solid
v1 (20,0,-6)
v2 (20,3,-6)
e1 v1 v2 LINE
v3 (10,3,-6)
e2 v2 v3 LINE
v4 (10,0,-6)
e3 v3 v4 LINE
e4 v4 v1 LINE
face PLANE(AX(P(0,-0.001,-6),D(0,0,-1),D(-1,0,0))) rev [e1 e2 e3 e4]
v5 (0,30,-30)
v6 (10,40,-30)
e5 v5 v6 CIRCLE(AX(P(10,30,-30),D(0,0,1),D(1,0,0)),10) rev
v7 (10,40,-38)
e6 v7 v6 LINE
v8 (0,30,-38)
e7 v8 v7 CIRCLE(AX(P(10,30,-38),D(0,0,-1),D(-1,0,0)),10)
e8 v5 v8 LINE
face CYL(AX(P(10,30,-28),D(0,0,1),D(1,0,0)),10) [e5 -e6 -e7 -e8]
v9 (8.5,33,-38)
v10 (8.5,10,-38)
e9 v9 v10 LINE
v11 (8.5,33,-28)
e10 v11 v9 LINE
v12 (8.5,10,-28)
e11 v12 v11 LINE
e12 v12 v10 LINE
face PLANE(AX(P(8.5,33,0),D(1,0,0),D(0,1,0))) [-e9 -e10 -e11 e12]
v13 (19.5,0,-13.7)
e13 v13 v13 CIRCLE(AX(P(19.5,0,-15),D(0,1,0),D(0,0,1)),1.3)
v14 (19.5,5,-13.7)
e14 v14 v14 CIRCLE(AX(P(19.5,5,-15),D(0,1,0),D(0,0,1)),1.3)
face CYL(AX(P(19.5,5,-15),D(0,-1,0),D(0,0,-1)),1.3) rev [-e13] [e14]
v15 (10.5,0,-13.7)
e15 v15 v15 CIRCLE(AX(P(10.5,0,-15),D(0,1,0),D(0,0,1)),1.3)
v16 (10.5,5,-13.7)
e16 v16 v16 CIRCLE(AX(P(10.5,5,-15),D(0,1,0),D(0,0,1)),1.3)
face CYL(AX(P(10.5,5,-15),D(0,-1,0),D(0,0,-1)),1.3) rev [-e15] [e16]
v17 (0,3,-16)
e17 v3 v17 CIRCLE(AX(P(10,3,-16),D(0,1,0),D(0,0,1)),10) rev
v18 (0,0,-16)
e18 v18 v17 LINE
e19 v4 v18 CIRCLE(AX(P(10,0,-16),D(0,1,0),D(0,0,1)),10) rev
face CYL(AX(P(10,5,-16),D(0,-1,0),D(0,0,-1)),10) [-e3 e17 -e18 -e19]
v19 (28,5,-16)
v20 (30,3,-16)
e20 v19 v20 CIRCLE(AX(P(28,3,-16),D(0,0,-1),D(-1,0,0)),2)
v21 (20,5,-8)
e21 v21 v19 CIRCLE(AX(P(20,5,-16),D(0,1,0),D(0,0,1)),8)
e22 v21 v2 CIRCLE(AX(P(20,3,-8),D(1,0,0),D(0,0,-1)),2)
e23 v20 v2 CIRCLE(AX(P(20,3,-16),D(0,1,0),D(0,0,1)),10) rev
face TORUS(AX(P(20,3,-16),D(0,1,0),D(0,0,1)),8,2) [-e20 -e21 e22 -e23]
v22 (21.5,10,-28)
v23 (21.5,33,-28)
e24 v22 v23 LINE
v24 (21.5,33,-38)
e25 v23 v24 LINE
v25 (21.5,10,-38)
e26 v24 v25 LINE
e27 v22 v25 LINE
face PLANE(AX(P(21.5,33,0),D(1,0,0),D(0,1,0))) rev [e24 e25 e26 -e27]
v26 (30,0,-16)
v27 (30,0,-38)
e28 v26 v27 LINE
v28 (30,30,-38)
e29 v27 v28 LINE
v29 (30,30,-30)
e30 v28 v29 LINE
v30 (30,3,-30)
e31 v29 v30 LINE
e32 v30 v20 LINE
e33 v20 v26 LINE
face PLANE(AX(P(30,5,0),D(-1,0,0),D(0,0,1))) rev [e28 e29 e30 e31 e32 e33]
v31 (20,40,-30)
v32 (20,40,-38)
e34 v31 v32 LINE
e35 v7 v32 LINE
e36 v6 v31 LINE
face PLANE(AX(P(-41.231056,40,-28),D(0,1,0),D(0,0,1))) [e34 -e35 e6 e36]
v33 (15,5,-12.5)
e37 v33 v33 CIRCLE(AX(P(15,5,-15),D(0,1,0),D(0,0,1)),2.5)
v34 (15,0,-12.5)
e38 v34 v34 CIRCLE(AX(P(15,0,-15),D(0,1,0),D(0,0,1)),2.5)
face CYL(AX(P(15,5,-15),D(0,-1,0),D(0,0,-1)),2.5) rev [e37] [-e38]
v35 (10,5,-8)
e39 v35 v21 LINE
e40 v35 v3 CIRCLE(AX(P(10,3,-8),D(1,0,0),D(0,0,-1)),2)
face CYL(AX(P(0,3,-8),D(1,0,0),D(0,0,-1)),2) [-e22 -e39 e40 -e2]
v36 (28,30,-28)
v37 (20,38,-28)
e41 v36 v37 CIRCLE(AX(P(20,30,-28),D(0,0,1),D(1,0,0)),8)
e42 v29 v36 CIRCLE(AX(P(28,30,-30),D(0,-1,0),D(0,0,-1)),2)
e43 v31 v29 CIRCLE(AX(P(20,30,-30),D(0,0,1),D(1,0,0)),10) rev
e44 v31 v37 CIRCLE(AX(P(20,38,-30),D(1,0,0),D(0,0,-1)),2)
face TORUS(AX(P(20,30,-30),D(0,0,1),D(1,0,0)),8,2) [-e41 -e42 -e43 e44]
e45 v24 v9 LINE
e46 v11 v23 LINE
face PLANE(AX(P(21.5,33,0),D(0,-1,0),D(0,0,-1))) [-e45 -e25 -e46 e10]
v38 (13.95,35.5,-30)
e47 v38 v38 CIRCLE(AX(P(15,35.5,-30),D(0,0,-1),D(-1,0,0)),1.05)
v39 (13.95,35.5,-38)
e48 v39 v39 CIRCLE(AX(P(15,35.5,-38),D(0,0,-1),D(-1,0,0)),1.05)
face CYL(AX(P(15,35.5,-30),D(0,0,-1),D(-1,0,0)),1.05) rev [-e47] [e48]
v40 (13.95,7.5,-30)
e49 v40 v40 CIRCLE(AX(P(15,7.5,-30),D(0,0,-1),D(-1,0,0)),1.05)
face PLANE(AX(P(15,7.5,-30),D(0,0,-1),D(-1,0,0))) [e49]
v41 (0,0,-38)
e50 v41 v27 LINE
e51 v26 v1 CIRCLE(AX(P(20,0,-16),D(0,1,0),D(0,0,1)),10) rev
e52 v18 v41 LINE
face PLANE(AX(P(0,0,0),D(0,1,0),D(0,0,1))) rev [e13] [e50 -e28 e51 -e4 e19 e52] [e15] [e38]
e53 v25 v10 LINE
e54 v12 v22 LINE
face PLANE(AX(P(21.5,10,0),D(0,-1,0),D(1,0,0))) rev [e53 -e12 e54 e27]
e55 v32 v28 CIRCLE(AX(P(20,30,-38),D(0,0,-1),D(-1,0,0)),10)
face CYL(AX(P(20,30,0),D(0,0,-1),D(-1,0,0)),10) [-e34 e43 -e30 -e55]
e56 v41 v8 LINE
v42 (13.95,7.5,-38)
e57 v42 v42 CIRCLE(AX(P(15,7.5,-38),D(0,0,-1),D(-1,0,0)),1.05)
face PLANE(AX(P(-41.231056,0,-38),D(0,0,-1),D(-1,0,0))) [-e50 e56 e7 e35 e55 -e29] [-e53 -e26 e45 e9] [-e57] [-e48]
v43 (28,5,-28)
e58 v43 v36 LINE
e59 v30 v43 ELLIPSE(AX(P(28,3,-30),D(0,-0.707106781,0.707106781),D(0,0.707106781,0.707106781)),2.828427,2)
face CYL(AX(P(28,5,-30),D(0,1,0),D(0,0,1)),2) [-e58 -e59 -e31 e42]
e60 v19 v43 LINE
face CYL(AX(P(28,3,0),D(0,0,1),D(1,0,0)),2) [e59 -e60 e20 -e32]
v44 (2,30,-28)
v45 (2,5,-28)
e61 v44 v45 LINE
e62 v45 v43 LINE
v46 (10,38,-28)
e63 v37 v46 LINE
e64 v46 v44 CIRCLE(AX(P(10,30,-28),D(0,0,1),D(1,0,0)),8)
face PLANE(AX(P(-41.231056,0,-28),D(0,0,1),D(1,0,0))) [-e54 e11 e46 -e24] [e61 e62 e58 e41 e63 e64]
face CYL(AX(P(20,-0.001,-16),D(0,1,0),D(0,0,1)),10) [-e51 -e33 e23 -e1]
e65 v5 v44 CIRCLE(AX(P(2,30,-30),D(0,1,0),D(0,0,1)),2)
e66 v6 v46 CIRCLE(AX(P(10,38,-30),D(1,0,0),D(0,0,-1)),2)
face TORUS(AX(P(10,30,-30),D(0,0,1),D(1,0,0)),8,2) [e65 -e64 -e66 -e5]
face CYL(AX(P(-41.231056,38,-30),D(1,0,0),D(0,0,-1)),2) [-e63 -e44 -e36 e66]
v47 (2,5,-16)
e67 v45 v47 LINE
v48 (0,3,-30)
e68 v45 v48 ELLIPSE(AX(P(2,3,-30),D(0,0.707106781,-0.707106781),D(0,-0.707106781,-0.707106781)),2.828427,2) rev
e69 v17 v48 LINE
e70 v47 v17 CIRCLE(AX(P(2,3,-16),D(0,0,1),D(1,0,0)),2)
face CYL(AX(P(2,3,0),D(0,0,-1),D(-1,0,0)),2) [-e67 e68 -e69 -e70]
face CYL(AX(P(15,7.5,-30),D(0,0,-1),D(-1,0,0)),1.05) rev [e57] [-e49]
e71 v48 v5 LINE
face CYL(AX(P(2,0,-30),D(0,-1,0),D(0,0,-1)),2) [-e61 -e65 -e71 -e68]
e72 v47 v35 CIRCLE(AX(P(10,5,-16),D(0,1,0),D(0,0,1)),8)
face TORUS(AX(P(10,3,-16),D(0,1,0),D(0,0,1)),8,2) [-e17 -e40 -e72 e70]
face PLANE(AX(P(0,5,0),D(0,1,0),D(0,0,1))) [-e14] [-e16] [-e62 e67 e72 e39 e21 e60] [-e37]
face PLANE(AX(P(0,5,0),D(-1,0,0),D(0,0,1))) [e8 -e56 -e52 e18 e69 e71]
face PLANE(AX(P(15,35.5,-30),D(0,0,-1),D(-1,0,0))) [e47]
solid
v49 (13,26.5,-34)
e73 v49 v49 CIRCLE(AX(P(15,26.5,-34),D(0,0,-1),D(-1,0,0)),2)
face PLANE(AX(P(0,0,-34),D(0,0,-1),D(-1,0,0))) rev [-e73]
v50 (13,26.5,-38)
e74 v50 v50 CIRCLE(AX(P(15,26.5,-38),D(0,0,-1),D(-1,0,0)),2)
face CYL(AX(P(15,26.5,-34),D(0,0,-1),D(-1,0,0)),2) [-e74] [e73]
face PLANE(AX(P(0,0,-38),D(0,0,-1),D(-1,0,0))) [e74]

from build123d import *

# Parameters (mm, degrees)
SKETCH1_W           = 30
SKETCH1_H           = 30
SKETCH1_R           = 1.3
SKETCH1_R_2         = 2.5
BOSS_EXTRUDE1_DEPTH = 5
SKETCH2_W           = 10
SKETCH2_H           = 40
BOSS_EXTRUDE2_DEPTH = 30
SKETCH3_W           = 13
SKETCH3_H           = 23
CUT_EXTRUDE1_DEPTH  = 39
SKETCH3_3_R         = 1.05
CUT_EXTRUDE2_DEPTH  = 8
SKETCH3_6_R         = 2
BOSS_EXTRUDE3_DEPTH = 4
SKETCH5_W           = 30
SKETCH5_H           = 6
CUT_EXTRUDE4_DEPTH  = 5
FILLET4_R           = 10
FILLET5_R           = 2


with BuildPart() as part:
    # Sketch1 → Boss-Extrude1 (new body)
    with BuildSketch(Plane(origin=(0, 0, 0), x_dir=(1, 0, 0), z_dir=(0, 1, 0))):
        with Locations((15, 15)):
            Rectangle(SKETCH1_W, SKETCH1_H)
        with Locations((19.5, 15)):
            Circle(SKETCH1_R, mode=Mode.SUBTRACT)
        with Locations((10.5, 15)):
            Circle(SKETCH1_R, mode=Mode.SUBTRACT)
        with Locations((15, 15)):
            Circle(SKETCH1_R_2, mode=Mode.SUBTRACT)
    extrude(amount=BOSS_EXTRUDE1_DEPTH)

    # Sketch2 → Boss-Extrude2 (add)
    with BuildSketch(Plane(origin=(30, 0, 0), x_dir=(0, 0, -1), z_dir=(1, 0, 0))):
        with Locations((33, 20)):
            Rectangle(SKETCH2_W, SKETCH2_H)
    extrude(amount=-BOSS_EXTRUDE2_DEPTH)

    # Sketch3 → Cut-Extrude1 (cut, through all)
    with BuildSketch(Plane(origin=(0, 0, -38), x_dir=(-1, 0, 0), z_dir=(0, 0, -1))):
        with Locations((-15, 21.5)):
            Rectangle(SKETCH3_W, SKETCH3_H)
    extrude(amount=-CUT_EXTRUDE1_DEPTH, mode=Mode.SUBTRACT)

    # Sketch3<3> → Cut-Extrude2 (cut)
    with BuildSketch(Plane(origin=(0, 0, -38), x_dir=(-1, 0, 0), z_dir=(0, 0, -1))):
        with Locations((-15, 35.5)):
            Circle(SKETCH3_3_R)
        with Locations((-15, 7.5)):
            Circle(SKETCH3_3_R)
    extrude(amount=-CUT_EXTRUDE2_DEPTH, mode=Mode.SUBTRACT)

    # Sketch5 → Cut-Extrude4 (cut)
    with BuildSketch(Plane(origin=(0, 5, 0), x_dir=(1, 0, 0), z_dir=(0, 1, 0))):
        with Locations((15, 3)):
            Rectangle(SKETCH5_W, SKETCH5_H)
    extrude(amount=-CUT_EXTRUDE4_DEPTH, mode=Mode.SUBTRACT)

    # Fillet4
    fillet4_edges = [part.edges().sort_by_distance(p)[0] for p in [
        (30, 40, -33),
        (0, 40, -33),
        (0, 2.5, -6),
        (30, 2.5, -6),
    ]]
    fillet(fillet4_edges, radius=FILLET4_R)

    # Fillet5
    fillet5_edges = [part.edges().sort_by_distance(p)[0] for p in [
        (2.928932188, 5, -8.928932188),
        (15, 40, -28),
        (0, 17.5, -28),
        (30, 17.5, -28),
        (27.071067812, 37.071067812, -28),
        (2.928932188, 37.071067812, -28),
        (0, 5, -22),
        (30, 5, -22),
        (15, 5, -6),
        (27.071067812, 5, -8.928932188),
    ]]
    fillet(fillet5_edges, radius=FILLET5_R)


with BuildPart() as body_2:
    # Sketch3<6> → Boss-Extrude3 (new body)
    with BuildSketch(Plane(origin=(0, 0, -38), x_dir=(-1, 0, 0), z_dir=(0, 0, -1))):
        with Locations((-15, 26.5)):
            Circle(SKETCH3_6_R)
    extrude(amount=-BOSS_EXTRUDE3_DEPTH)


solid = Compound([part.part, body_2.part])
